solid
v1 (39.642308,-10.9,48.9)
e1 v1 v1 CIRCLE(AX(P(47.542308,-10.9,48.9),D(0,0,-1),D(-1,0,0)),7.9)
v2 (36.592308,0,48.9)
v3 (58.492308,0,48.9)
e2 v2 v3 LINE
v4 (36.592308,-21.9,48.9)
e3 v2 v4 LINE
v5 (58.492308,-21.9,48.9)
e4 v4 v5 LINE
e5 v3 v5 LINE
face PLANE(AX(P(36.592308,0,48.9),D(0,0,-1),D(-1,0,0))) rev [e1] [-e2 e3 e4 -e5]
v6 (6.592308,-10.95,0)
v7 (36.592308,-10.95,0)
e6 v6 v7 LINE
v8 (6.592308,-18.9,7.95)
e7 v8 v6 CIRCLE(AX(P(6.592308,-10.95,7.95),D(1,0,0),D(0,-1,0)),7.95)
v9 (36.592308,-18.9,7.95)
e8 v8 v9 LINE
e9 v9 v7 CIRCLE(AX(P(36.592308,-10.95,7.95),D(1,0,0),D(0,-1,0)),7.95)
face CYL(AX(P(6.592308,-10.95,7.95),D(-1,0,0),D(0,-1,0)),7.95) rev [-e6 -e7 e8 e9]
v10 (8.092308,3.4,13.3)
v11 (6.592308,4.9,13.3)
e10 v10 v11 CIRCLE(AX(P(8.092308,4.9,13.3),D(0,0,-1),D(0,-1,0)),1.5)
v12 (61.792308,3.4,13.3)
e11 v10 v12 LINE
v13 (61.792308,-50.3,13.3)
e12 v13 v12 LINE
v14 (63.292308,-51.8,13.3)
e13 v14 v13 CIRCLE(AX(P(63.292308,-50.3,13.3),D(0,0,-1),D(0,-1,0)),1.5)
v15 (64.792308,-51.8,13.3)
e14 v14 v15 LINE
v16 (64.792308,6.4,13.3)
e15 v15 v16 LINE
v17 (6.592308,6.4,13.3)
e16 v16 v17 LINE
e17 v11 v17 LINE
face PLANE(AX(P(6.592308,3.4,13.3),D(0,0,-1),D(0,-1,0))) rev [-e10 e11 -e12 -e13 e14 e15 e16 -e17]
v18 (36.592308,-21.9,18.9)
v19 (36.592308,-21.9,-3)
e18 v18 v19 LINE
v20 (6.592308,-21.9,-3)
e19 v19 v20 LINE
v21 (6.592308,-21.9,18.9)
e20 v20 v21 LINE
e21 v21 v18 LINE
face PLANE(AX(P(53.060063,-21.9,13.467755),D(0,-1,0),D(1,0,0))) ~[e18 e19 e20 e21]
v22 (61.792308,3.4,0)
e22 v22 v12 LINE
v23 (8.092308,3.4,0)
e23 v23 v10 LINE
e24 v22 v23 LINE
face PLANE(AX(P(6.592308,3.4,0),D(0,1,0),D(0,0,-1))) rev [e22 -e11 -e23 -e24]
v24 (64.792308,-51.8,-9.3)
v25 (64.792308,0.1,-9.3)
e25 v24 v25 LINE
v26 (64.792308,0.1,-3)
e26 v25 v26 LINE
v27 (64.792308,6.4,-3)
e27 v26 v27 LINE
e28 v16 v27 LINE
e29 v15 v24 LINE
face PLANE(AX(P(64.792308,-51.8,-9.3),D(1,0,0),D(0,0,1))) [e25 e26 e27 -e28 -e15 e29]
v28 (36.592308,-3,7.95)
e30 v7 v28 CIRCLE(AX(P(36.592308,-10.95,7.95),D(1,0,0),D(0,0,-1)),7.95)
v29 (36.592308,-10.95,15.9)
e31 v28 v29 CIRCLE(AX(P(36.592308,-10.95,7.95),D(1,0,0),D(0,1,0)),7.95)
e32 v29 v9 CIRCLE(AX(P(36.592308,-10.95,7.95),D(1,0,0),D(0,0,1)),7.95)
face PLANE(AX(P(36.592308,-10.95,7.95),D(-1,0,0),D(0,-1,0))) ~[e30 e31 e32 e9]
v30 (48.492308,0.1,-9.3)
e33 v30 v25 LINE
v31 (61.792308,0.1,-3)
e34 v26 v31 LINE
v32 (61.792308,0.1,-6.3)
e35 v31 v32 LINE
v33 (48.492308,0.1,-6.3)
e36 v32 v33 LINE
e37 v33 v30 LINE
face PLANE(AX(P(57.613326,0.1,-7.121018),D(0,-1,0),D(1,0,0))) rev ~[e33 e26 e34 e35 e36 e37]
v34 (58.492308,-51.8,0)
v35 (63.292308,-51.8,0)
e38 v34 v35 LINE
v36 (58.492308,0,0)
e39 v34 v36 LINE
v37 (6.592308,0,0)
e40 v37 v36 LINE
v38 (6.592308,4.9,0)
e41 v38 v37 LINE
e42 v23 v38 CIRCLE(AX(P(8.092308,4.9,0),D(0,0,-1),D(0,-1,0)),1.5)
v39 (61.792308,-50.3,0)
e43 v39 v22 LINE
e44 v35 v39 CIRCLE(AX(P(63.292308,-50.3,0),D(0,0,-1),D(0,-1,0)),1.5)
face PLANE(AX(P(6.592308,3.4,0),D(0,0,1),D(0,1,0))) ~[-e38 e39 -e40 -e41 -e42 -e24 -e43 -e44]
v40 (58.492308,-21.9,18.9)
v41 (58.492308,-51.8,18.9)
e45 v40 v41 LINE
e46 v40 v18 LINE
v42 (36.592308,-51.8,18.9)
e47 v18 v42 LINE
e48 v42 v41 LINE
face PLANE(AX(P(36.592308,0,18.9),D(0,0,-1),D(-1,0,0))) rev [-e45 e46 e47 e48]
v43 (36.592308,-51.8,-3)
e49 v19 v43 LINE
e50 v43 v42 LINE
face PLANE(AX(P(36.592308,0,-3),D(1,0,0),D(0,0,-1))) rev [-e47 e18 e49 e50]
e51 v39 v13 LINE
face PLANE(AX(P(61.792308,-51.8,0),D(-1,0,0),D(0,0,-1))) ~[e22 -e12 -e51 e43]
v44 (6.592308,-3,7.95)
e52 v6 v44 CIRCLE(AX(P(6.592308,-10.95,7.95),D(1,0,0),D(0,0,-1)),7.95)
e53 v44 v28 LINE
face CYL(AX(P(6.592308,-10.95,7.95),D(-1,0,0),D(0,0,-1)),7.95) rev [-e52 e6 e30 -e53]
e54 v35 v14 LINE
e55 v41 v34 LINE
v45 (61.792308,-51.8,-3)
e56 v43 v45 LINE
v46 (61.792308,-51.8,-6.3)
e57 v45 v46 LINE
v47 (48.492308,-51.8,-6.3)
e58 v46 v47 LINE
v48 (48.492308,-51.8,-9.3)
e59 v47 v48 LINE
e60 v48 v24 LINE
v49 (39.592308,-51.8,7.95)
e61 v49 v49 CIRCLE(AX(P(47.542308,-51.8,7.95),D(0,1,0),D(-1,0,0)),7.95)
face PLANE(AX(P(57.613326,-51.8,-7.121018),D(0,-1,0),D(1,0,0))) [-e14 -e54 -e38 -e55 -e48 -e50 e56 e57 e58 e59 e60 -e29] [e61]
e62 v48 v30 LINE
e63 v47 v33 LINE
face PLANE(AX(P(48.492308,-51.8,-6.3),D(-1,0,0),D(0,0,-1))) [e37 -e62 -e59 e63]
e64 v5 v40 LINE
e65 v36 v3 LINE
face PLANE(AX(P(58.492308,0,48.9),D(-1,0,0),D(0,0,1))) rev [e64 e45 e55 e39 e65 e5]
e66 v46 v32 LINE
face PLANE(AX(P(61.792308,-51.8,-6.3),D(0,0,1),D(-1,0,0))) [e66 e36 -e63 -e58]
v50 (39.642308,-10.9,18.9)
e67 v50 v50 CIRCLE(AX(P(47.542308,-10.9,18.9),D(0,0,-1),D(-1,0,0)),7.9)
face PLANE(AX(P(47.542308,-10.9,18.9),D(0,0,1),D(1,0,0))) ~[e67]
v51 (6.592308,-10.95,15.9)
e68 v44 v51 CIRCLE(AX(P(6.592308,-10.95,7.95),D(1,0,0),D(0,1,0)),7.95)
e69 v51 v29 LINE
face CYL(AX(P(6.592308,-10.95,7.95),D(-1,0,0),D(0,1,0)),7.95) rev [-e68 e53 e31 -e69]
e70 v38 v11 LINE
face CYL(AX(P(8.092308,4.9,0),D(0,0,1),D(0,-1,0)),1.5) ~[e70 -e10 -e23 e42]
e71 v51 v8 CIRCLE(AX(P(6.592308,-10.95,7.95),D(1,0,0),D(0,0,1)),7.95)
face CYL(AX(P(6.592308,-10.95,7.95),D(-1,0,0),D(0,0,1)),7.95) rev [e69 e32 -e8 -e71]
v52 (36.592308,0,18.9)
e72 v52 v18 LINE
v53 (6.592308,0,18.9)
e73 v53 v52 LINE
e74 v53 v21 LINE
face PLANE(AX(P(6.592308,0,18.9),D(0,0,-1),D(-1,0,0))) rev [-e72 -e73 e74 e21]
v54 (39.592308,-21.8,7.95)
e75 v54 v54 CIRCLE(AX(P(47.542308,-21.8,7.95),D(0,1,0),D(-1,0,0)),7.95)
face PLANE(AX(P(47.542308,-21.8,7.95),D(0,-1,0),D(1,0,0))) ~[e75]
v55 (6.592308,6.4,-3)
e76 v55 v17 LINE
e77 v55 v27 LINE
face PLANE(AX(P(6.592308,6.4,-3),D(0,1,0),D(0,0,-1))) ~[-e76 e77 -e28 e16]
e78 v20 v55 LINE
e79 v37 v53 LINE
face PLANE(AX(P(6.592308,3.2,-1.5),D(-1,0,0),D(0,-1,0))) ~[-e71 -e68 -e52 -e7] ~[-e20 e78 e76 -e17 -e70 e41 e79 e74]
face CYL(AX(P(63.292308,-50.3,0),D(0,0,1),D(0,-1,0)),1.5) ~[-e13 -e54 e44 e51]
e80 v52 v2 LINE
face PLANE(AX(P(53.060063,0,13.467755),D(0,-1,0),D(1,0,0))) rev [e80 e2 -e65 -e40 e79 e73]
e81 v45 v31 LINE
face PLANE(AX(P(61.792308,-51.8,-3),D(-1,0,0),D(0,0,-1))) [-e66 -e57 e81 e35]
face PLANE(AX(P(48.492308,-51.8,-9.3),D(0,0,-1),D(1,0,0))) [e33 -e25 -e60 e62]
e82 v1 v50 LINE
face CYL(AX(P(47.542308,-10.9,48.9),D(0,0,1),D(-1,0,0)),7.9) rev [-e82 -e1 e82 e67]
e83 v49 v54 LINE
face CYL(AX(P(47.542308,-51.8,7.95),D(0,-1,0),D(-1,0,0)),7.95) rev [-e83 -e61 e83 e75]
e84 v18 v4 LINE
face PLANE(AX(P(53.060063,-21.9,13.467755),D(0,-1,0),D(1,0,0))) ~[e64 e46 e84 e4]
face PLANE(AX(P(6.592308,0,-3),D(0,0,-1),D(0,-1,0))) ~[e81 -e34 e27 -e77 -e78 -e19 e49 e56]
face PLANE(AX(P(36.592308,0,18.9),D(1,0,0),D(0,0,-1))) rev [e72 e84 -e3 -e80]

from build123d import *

# Parameters (mm, degrees)
F0_W      = 27
F0_H      = 15.9
F0_W_2    = 15.9
F0_H_2    = 27
F0_W_3    = 3
F0_H_3    = 3
F1_DEPTH  = 21.9
F2_DEPTH  = 51.8
F3_R      = 7.95
F6_DEPTH  = 30
F7_DEPTH  = 30
F4_R      = 7.9
F8_DEPTH  = 30
F10_DEPTH = 58.2
F11_W     = 3
F11_H     = 13.3
F13_R     = 1.5
F17_DEPTH = 51.9


with BuildPart() as f1:
    # F0 (on Front) → F1 (new body)
    with BuildSketch(Plane.XZ):
        with BuildLine():
            Line((-34.3576915575, 15.9), (-42.3076915575, 15.9))
            Line((-42.3076915575, 15.9), (-42.3076915575, 7.9499999931))
            ThreePointArc((-42.3076915575, 7.9499999931), (-39.9791904704, 13.571498908), (-34.3576915575, 15.9))
        make_face()
        with BuildLine():
            ThreePointArc((-34.3576915575, 15.9), (-39.9791904704, 13.571498908), (-42.3076915575, 7.9499999931))
            ThreePointArc((-42.3076915575, 7.9499999931), (-39.9791904655, 2.3285010871), (-34.3576915575, 0))
            ThreePointArc((-34.3576915575, 0), (-28.7361926471, 2.3285010896), (-26.4076915575, 7.95))
            ThreePointArc((-26.4076915575, 7.95), (-28.7361926471, 13.5714989104), (-34.3576915575, 15.9))
        make_face()
        Polygon((-42.3076915575, 18.9), (-42.3076915575, 45.9), (-26.4076915575, 45.9), (-26.4076915575, 18.9), (-23.4076915575, 18.9), (-23.4076915575, 48.9), (-45.3076915575, 48.9), (-45.3076915575, 18.9), align=None)
        with Locations((-9.9076915575, 7.95)):
            Rectangle(F0_W, F0_H)
        with Locations((-34.3576915575, 32.4)):
            Rectangle(F0_W_2, F0_H_2)
        with BuildLine():
            ThreePointArc((-34.3576915575, 0), (-39.9791904655, 2.3285010871), (-42.3076915575, 7.9499999931))
            Line((-42.3076915575, 7.9499999931), (-42.3076915575, 0))
            Line((-42.3076915575, 0), (-34.3576915575, 0))
        make_face()
        with BuildLine():
            Line((-26.4076915575, 0), (-26.4076915575, 7.95))
            ThreePointArc((-26.4076915575, 7.95), (-28.7361926471, 2.3285010896), (-34.3576915575, 0))
            Line((-34.3576915575, 0), (-26.4076915575, 0))
        make_face()
        with BuildLine():
            Line((-26.4076915575, 7.95), (-26.4076915575, 15.9))
            Line((-26.4076915575, 15.9), (-34.3576915575, 15.9))
            ThreePointArc((-34.3576915575, 15.9), (-28.7361926471, 13.5714989104), (-26.4076915575, 7.95))
        make_face()
        Polygon((6.5923084425, 18.9), (-23.4076915575, 18.9), (-23.4076915575, 15.9), (3.5923084425, 15.9), (3.5923084425, 0), (-23.4076915575, 0), (-23.4076915575, -3), (6.5923084425, -3), align=None)
        Polygon((-26.4076915575, 18.9), (-42.3076915575, 18.9), (-42.3076915575, 15.9), (-34.3576915575, 15.9), (-26.4076915575, 15.9), align=None)
        Polygon((-23.4076915575, 15.9), (-26.4076915575, 15.9), (-26.4076915575, 7.95), (-26.4076915575, 0), (-23.4076915575, 0), align=None)
        Polygon((-42.3076915575, 15.9), (-42.3076915575, 18.9), (-45.3076915575, 18.9), (-45.3076915575, -3), (-23.4076915575, -3), (-23.4076915575, 0), (-26.4076915575, 0), (-34.3576915575, 0), (-42.3076915575, 0), (-42.3076915575, 7.9499999931), align=None)
        with Locations((-24.9076915575, 17.4)):
            Rectangle(F0_W_3, F0_H_3)
    extrude(amount=F1_DEPTH)

    # F0 (on Front) → F2 (join)
    with BuildSketch(Plane.XZ):
        Polygon((-42.3076915575, 15.9), (-42.3076915575, 18.9), (-45.3076915575, 18.9), (-45.3076915575, -3), (-23.4076915575, -3), (-23.4076915575, 0), (-26.4076915575, 0), (-34.3576915575, 0), (-42.3076915575, 0), (-42.3076915575, 7.9499999931), align=None)
        with BuildLine():
            ThreePointArc((-34.3576915575, 15.9), (-39.9791904704, 13.571498908), (-42.3076915575, 7.9499999931))
            ThreePointArc((-42.3076915575, 7.9499999931), (-39.9791904655, 2.3285010871), (-34.3576915575, 0))
            ThreePointArc((-34.3576915575, 0), (-28.7361926471, 2.3285010896), (-26.4076915575, 7.95))
            ThreePointArc((-26.4076915575, 7.95), (-28.7361926471, 13.5714989104), (-34.3576915575, 15.9))
        make_face()
        Polygon((-26.4076915575, 18.9), (-42.3076915575, 18.9), (-42.3076915575, 15.9), (-34.3576915575, 15.9), (-26.4076915575, 15.9), align=None)
        Polygon((-23.4076915575, 15.9), (-26.4076915575, 15.9), (-26.4076915575, 7.95), (-26.4076915575, 0), (-23.4076915575, 0), align=None)
        with Locations((-24.9076915575, 17.4)):
            Rectangle(F0_W_3, F0_H_3)
        with BuildLine():
            Line((-26.4076915575, 7.95), (-26.4076915575, 15.9))
            Line((-26.4076915575, 15.9), (-34.3576915575, 15.9))
            ThreePointArc((-34.3576915575, 15.9), (-28.7361926471, 13.5714989104), (-26.4076915575, 7.95))
        make_face()
        with BuildLine():
            Line((-34.3576915575, 15.9), (-42.3076915575, 15.9))
            Line((-42.3076915575, 15.9), (-42.3076915575, 7.9499999931))
            ThreePointArc((-42.3076915575, 7.9499999931), (-39.9791904704, 13.571498908), (-34.3576915575, 15.9))
        make_face()
        with BuildLine():
            ThreePointArc((-34.3576915575, 0), (-39.9791904655, 2.3285010871), (-42.3076915575, 7.9499999931))
            Line((-42.3076915575, 7.9499999931), (-42.3076915575, 0))
            Line((-42.3076915575, 0), (-34.3576915575, 0))
        make_face()
        with BuildLine():
            Line((-26.4076915575, 0), (-26.4076915575, 7.95))
            ThreePointArc((-26.4076915575, 7.95), (-28.7361926471, 2.3285010896), (-34.3576915575, 0))
            Line((-34.3576915575, 0), (-26.4076915575, 0))
        make_face()
    extrude(amount=F2_DEPTH)

    # F3 (on face) → F6 (cut)
    with BuildSketch(Plane.XZ.offset(51.8)):
        with Locations((-34.3576915575, 7.95)):
            Circle(F3_R)
    extrude(amount=-F6_DEPTH, mode=Mode.SUBTRACT)

    # F5 (on face) → F7 (cut)
    with BuildSketch(Plane.YZ.offset(6.5923084425)):
        with BuildLine():
            ThreePointArc((-3, 7.95), (-5.3285010896, 13.5714989104), (-10.95, 15.9))
            ThreePointArc((-10.95, 15.9), (-16.5714989104, 13.5714989104), (-18.9, 7.95))
            ThreePointArc((-18.9, 7.95), (-16.5714989104, 2.3285010896), (-10.95, 0))
            ThreePointArc((-10.95, 0), (-5.3285010896, 2.3285010896), (-3, 7.95))
        make_face()
    extrude(amount=-F7_DEPTH, mode=Mode.SUBTRACT)

    # F4 (on face) → F8 (cut)
    with BuildSketch(Plane.XY.offset(48.9)):
        with Locations((-34.3576915575, -10.9)):
            Circle(F4_R)
    extrude(amount=-F8_DEPTH, mode=Mode.SUBTRACT)

    # F9 (on face) → F10 (join)
    with BuildSketch(Plane.XZ.offset(51.8)):
        Polygon((-51.6076915575, -3), (-45.3076915575, -3), (-45.3076915575, 0), (-48.6076915575, 0), (-48.6076915575, 13.3), (-51.6076915575, 13.3), align=None)
    extrude(amount=-F10_DEPTH)

    # F11 (on face) → F12 (join, up to the next surface of F1)
    with BuildSketch(Plane.YZ.offset(6.5923084425)):
        Polygon((6.4, -3), (6.4, 0), (3.4, 0), (0, 0), (0, -3), align=None)
        with Locations((4.9, 6.65)):
            Rectangle(F11_W, F11_H)
    extrude(until=Until.NEXT, dir=(-1, 0, 0))

    # F13
    f13_edges = [f1.edges().sort_by_distance(p)[0] for p in [
        (6.592308, 3.4, 6.65),
        (-48.607692, -51.8, 6.65),
    ]]
    fillet(f13_edges, radius=F13_R)


with BuildPart() as f14_1:
    # F14: instance of F1
    add(f1.part.mirror(Plane(origin=(6.5923084425, -9.0672909783, 7.3023649608), x_dir=(0, 1, 0), z_dir=(1, 0, 0))))

    # F16 (on face) → F17 (join)
    with BuildSketch(Plane.XZ.offset(51.8)):
        Polygon((64.7923084425, -9.3), (64.7923084425, -3), (61.7923084425, -3), (61.7923084425, -6.3), (48.4923084425, -6.3), (48.4923084425, -9.3), align=None)
    extrude(amount=-F17_DEPTH)


solid = f14_1.part
